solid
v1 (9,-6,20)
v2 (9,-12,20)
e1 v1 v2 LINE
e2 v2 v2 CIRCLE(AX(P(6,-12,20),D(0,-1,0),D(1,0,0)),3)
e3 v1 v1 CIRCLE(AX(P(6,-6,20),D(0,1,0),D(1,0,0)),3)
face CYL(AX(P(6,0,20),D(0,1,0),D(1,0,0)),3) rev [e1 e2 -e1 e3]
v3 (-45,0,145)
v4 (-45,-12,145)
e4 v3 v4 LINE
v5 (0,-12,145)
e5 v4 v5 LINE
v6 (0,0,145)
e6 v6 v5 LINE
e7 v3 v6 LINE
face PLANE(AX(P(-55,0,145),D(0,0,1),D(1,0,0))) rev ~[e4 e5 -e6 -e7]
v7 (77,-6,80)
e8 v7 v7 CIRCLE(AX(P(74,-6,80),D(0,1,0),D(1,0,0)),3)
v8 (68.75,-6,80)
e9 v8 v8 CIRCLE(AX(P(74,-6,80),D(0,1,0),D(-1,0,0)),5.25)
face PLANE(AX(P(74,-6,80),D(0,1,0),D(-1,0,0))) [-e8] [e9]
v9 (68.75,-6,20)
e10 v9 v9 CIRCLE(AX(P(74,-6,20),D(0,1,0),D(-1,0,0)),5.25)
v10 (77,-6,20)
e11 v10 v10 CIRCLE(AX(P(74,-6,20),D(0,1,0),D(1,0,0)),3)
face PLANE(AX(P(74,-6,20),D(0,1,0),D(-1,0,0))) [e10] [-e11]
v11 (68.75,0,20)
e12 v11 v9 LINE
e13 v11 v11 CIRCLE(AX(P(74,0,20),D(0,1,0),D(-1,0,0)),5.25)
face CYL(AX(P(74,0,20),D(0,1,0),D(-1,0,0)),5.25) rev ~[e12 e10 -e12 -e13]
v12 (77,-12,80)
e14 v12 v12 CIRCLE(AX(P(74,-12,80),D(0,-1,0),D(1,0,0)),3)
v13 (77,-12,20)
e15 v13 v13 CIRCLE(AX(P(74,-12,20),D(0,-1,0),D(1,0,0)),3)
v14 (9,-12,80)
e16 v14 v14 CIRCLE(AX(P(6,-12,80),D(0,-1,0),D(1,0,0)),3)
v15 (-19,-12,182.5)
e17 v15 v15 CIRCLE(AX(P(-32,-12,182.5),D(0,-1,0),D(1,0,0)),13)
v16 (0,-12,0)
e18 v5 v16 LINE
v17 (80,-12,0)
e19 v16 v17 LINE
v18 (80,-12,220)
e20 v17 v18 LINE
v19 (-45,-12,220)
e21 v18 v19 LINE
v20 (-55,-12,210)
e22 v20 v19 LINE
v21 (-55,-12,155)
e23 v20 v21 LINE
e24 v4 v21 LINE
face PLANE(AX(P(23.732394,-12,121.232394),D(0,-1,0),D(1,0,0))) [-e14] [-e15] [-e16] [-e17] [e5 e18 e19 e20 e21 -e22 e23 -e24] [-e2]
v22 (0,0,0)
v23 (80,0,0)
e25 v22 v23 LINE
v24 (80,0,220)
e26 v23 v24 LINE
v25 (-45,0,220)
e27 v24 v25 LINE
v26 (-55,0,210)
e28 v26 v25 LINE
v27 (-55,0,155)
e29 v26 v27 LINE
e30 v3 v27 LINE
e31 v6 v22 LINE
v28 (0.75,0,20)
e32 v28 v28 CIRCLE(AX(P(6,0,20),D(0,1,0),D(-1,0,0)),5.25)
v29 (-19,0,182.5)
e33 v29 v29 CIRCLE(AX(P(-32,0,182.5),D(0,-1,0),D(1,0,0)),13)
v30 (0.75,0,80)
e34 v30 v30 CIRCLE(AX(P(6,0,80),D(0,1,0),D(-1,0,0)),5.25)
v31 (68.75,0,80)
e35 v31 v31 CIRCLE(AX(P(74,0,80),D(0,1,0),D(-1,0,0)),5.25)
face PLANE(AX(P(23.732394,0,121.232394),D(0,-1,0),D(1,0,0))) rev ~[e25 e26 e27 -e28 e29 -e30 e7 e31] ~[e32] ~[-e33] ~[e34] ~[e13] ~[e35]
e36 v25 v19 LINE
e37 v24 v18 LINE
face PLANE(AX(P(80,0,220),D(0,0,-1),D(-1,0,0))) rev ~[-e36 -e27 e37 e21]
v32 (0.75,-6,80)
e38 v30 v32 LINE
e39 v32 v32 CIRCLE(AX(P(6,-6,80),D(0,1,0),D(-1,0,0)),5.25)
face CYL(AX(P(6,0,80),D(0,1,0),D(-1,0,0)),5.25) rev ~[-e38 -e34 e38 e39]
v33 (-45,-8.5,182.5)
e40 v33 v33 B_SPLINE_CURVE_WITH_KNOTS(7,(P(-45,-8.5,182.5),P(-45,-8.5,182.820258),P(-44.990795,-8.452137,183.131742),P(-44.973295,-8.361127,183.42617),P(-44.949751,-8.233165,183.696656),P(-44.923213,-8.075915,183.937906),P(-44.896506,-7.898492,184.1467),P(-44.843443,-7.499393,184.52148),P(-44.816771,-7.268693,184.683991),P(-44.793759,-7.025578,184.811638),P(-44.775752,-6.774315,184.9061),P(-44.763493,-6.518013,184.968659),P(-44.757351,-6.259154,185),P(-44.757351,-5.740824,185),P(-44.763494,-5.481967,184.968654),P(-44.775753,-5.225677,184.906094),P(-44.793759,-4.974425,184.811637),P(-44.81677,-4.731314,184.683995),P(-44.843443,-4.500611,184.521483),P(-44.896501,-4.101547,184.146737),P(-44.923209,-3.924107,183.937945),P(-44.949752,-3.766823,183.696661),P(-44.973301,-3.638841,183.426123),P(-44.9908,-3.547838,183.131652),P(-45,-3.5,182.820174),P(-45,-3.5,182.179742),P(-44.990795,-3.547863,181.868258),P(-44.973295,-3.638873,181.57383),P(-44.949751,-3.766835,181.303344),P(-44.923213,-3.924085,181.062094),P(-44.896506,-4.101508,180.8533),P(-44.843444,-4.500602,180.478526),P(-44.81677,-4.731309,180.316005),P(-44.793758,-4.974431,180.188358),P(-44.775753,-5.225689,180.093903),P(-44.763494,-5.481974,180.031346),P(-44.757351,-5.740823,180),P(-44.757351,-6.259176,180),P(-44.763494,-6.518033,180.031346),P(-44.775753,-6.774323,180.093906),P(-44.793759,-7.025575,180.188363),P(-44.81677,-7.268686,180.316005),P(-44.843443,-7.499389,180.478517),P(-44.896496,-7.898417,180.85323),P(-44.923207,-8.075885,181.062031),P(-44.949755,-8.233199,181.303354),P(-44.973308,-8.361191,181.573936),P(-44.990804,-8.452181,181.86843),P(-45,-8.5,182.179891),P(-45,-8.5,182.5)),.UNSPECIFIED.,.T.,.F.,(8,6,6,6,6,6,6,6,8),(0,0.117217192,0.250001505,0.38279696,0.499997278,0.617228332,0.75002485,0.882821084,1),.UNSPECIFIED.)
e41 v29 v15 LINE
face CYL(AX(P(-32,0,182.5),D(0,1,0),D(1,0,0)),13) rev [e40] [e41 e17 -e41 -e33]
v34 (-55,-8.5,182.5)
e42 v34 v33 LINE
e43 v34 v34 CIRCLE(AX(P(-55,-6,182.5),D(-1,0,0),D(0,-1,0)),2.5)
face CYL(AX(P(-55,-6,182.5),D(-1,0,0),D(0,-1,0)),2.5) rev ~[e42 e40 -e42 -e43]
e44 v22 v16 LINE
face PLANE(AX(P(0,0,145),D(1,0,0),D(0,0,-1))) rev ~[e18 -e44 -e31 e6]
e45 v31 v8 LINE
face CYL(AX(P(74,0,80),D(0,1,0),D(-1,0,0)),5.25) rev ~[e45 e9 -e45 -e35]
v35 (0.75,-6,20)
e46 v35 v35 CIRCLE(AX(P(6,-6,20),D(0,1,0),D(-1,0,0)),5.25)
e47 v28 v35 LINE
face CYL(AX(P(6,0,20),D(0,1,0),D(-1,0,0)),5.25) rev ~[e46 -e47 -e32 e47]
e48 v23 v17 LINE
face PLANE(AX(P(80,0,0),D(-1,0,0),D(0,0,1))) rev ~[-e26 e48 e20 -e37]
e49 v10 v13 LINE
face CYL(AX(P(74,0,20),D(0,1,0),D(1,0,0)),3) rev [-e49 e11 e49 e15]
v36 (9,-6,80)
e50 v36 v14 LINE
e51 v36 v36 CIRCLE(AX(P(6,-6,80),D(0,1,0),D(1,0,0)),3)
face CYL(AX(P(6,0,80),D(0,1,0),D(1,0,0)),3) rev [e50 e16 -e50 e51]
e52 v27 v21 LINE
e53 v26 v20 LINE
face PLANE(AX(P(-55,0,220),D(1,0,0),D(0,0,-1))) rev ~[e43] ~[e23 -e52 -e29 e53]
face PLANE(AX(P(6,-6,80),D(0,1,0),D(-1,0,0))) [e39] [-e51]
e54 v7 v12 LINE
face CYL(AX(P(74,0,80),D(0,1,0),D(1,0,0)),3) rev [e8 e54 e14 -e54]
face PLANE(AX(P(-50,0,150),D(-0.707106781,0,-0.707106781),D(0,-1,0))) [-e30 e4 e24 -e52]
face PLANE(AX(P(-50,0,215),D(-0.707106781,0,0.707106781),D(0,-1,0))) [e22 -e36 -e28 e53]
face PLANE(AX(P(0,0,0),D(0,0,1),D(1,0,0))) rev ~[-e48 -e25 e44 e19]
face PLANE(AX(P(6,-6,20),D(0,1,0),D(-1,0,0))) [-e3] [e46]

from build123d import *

# Parameters (mm, degrees)
F0_R     = 3
F0_R_2   = 13
F1_DEPTH = 12
F2_SIZE  = 10
F3_R     = 2.5
F4_DEPTH = 25
F5_R     = 5.25
F5_R_2   = 3
F6_DEPTH = 6


with BuildPart() as f1:
    # F0 (on Front) → F1 (new body)
    with BuildSketch(Plane.XZ):
        Polygon((0, 145), (0, 0), (80, 0), (80, 220), (-55, 220), (-55, 145), align=None)
        with Locations((6, 20)):
            Circle(F0_R, mode=Mode.SUBTRACT)
        with Locations((6, 80)):
            Circle(F0_R, mode=Mode.SUBTRACT)
        with Locations((74, 20)):
            Circle(F0_R, mode=Mode.SUBTRACT)
        with Locations((74, 80)):
            Circle(F0_R, mode=Mode.SUBTRACT)
        with Locations((-32, 182.5)):
            Circle(F0_R_2, mode=Mode.SUBTRACT)
    extrude(amount=F1_DEPTH)

    # F2
    f2_edges = [f1.edges().sort_by_distance(p)[0] for p in [
        (-55, -6, 220),
        (-55, -6, 145),
    ]]
    chamfer(f2_edges, length=F2_SIZE)

    # F3 (on face) → F4 (cut)
    with BuildSketch(Plane(origin=(-55, 0, 0), x_dir=(0, -1, 0), z_dir=(-1, 0, 0))):
        with Locations((6, 182.5)):
            Circle(F3_R)
    extrude(amount=-F4_DEPTH, mode=Mode.SUBTRACT)

    # F5 (on face) → F6 (cut)
    with BuildSketch(Plane(origin=(0, 0, 0), x_dir=(-1, 0, 0), z_dir=(0, 1, 0))):
        with Locations((-74, 80)):
            Circle(F5_R)
        with Locations((-74, 80)):
            Circle(F5_R_2, mode=Mode.SUBTRACT)
        with Locations((-6, 80)):
            Circle(F5_R)
        with Locations((-6, 80)):
            Circle(F5_R_2, mode=Mode.SUBTRACT)
        with Locations((-6, 20)):
            Circle(F5_R)
        with Locations((-6, 20)):
            Circle(F5_R_2, mode=Mode.SUBTRACT)
        with Locations((-74, 20)):
            Circle(F5_R)
        with Locations((-74, 20)):
            Circle(F5_R_2, mode=Mode.SUBTRACT)
    extrude(amount=-F6_DEPTH, mode=Mode.SUBTRACT)


solid = f1.part
